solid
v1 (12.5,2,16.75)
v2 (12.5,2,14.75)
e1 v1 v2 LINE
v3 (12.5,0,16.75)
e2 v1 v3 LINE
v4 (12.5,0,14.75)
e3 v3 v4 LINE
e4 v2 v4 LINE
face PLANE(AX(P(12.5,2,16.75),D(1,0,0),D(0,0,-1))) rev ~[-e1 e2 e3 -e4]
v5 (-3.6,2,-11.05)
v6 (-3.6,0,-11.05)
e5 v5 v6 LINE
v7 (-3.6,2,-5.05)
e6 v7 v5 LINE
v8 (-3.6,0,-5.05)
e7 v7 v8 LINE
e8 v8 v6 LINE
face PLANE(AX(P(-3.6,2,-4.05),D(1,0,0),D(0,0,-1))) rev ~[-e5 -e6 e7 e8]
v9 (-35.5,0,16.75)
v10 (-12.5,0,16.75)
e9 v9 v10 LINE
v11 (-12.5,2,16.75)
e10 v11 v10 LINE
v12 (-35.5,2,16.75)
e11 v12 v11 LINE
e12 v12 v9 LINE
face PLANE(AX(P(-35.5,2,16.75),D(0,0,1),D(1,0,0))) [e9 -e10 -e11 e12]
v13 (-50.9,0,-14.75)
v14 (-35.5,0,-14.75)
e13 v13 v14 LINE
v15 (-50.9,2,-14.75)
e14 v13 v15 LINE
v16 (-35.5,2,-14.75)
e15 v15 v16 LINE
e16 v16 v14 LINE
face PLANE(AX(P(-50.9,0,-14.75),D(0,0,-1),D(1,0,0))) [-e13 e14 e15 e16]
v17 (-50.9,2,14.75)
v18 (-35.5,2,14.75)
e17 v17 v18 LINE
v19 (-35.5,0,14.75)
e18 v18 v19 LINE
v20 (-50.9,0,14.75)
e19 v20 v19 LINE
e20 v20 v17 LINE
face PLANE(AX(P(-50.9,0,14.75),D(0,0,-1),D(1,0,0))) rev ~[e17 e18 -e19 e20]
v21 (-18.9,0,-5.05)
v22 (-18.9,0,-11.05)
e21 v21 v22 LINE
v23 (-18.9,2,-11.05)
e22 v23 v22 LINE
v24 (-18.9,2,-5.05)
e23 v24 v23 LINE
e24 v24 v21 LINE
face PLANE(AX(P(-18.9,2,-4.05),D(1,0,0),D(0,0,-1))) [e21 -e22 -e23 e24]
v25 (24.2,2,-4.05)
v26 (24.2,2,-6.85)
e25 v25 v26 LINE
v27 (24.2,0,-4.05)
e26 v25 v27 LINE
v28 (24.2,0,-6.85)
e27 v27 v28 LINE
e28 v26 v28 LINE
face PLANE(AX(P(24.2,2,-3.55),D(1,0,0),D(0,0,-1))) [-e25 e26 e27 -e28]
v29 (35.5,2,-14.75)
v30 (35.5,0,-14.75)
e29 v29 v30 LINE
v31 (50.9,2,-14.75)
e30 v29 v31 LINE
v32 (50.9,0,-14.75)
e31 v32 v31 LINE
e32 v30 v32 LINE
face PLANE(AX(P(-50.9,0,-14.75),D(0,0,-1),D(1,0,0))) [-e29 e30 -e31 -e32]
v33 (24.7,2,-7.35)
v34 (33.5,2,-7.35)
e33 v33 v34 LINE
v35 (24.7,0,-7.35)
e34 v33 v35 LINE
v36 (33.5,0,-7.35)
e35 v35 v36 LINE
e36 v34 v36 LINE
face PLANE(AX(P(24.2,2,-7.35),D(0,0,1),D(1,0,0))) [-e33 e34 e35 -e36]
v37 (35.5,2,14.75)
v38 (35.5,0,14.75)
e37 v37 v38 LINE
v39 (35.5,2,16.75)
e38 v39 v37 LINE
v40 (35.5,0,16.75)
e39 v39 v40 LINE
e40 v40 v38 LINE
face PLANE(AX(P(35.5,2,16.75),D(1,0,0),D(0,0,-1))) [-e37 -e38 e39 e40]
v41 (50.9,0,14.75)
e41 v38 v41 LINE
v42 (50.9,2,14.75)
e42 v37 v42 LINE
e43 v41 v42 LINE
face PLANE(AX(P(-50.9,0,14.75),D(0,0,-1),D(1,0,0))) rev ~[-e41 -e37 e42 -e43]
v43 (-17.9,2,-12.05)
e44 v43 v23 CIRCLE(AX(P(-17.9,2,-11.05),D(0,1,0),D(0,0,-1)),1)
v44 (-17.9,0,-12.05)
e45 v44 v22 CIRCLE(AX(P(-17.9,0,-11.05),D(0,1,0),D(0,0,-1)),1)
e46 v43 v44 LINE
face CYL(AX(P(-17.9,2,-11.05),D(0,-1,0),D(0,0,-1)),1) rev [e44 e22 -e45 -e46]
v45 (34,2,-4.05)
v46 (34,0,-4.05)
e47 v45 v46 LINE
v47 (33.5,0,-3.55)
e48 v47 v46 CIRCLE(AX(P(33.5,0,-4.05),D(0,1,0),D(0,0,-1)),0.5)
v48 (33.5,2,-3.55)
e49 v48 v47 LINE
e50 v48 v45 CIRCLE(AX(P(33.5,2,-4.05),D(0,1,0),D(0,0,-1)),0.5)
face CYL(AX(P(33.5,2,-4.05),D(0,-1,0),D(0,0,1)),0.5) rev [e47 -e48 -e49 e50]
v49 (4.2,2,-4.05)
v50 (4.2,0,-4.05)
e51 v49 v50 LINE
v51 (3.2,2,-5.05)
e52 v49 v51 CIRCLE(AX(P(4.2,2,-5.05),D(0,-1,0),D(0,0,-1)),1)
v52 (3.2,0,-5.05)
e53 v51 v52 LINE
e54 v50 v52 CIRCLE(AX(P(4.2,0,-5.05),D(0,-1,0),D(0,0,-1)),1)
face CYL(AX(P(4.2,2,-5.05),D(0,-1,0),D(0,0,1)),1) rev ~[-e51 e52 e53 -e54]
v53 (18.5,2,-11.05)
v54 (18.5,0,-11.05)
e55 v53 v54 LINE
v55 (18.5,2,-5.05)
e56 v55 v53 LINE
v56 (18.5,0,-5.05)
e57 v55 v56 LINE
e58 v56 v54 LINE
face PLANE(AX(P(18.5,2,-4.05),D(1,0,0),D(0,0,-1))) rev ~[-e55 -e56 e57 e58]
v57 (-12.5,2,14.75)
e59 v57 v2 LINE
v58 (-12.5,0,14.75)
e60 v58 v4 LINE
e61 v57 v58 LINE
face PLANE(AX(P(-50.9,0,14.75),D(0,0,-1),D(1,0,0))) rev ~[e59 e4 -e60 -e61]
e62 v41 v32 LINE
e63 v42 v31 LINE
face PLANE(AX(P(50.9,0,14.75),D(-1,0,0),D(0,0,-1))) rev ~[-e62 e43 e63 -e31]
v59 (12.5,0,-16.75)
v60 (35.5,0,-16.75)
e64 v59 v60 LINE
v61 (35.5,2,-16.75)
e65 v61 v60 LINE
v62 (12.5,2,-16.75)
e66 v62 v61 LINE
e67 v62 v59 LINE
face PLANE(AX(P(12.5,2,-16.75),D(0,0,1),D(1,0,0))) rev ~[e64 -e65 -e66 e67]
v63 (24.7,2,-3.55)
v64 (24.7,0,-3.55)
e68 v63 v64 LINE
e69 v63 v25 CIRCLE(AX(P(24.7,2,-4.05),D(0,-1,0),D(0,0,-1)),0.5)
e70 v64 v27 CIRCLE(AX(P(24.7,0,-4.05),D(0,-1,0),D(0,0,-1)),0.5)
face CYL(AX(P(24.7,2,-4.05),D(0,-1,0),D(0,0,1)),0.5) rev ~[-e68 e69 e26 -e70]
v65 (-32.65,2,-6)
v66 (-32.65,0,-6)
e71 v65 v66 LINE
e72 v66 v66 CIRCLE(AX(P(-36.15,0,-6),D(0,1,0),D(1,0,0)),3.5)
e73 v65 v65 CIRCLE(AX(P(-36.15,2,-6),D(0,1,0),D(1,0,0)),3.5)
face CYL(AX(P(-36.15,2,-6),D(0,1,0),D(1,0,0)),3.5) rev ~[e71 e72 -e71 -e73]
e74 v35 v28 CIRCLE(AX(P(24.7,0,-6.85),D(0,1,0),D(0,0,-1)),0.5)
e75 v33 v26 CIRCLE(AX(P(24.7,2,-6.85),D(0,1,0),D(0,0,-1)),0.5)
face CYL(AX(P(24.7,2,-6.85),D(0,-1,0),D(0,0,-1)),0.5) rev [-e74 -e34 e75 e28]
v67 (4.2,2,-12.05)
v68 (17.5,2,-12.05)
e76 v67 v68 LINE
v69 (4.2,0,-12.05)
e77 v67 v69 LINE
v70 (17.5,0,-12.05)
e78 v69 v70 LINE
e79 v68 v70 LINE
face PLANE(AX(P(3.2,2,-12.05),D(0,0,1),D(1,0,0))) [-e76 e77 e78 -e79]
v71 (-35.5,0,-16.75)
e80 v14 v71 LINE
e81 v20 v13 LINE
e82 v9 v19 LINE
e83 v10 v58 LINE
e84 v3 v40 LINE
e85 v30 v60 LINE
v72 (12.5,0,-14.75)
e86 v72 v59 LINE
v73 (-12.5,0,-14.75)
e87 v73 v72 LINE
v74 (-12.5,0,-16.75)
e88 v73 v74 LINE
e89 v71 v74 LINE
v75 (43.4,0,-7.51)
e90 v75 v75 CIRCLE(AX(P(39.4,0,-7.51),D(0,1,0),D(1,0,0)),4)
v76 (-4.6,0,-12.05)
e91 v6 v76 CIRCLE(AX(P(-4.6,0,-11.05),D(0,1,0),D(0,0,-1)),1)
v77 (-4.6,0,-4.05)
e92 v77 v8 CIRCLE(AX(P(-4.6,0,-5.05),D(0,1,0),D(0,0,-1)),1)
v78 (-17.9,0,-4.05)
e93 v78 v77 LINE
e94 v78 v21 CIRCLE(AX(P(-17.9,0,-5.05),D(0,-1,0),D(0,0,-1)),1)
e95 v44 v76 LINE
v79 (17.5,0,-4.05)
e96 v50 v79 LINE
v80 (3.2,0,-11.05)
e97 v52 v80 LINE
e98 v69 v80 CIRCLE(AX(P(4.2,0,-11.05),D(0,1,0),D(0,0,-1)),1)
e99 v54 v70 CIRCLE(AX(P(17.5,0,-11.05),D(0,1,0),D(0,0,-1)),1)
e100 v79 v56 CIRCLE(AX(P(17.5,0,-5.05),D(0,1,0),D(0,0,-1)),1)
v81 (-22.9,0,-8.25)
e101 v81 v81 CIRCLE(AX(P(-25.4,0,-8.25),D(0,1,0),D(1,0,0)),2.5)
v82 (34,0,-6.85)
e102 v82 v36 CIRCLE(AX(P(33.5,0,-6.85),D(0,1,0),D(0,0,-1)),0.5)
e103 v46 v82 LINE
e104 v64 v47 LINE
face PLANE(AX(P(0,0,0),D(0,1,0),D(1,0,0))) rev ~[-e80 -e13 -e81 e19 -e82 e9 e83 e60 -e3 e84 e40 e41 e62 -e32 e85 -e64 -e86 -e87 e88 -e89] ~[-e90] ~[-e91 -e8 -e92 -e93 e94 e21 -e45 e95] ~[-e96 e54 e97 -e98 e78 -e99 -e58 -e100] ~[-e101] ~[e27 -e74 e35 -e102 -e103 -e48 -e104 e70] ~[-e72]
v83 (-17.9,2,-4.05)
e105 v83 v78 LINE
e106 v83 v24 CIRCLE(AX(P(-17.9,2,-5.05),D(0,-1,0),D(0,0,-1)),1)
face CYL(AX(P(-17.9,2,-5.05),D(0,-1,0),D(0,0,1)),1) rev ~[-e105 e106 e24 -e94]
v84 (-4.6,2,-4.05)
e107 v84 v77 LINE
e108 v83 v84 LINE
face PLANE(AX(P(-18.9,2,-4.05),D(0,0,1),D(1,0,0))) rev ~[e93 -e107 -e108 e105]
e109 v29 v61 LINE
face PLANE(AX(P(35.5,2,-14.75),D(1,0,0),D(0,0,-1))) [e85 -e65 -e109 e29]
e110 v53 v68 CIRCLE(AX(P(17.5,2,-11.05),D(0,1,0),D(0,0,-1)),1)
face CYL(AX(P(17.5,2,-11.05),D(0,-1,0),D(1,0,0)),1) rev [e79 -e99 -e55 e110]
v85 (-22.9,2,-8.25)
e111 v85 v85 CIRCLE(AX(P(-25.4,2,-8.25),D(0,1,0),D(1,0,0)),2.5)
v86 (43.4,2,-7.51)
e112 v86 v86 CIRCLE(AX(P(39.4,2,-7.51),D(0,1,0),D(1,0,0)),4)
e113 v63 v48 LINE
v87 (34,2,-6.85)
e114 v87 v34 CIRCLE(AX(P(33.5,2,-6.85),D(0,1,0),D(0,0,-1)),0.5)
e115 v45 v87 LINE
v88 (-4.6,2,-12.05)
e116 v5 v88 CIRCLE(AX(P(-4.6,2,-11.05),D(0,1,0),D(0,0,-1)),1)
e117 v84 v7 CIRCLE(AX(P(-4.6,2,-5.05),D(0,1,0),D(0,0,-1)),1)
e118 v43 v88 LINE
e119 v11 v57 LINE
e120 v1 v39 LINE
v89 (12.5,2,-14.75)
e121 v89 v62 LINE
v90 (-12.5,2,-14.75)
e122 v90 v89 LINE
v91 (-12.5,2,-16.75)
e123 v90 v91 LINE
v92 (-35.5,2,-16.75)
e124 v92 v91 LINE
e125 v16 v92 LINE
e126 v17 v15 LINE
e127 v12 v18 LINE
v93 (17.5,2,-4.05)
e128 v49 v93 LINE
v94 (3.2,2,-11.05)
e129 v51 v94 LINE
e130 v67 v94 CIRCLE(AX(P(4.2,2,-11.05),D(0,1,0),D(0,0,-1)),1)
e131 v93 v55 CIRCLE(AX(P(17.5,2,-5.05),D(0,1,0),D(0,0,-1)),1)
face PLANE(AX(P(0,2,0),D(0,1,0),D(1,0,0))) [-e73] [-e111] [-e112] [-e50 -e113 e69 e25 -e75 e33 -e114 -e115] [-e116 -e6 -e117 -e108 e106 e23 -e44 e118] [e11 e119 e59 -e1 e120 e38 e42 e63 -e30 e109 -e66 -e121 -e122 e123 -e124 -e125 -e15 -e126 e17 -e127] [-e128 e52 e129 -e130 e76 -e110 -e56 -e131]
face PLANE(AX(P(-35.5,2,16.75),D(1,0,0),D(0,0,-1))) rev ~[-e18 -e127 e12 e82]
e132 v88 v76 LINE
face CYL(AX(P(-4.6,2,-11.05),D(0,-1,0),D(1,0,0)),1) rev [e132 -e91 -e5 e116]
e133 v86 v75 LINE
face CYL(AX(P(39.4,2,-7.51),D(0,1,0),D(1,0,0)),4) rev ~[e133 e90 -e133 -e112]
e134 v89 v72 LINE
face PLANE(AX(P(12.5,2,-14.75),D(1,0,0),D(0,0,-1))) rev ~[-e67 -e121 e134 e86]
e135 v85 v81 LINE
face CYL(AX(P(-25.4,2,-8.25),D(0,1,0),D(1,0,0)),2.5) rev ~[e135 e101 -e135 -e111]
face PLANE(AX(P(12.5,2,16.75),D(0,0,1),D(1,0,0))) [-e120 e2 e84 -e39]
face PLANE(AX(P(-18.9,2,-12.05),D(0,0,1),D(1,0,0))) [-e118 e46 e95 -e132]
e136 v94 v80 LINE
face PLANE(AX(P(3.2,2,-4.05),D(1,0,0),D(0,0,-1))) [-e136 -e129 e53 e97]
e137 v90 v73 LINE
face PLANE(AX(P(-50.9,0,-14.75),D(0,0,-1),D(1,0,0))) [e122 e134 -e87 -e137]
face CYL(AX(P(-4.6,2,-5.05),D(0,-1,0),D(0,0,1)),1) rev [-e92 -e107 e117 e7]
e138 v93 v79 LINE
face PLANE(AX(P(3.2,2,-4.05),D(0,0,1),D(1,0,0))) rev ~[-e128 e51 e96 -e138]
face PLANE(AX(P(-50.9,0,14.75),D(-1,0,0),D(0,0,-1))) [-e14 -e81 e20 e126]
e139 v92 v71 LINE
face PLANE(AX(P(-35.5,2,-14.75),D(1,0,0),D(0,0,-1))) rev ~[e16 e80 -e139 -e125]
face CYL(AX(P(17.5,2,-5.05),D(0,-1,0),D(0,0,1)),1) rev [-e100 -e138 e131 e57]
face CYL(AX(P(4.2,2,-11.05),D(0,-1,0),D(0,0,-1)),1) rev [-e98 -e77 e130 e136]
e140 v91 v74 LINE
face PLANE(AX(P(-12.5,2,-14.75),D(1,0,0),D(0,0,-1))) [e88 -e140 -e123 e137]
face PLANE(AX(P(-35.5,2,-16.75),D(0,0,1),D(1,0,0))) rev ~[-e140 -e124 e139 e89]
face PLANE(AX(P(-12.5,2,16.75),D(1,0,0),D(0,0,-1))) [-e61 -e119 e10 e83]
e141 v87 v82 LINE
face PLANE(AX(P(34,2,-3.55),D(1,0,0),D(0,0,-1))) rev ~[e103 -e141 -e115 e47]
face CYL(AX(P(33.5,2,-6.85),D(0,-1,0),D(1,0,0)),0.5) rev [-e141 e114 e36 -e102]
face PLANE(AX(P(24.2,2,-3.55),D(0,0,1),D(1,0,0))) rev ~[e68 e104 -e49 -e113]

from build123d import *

# Parameters (mm, degrees)
SKETCH_1_W                     = 101.8
SKETCH_1_H                     = 29.5
EXTRUDE_1_DEPTH                = 2
SKETCH_2_W                     = 23
SKETCH_2_H                     = 2
EXTRUDE_2_DEPTH                = 2
SKETCH_3_R                     = 4
CUT_EXTRUDE_1_DEPTH            = 3
SKETCH_4_R                     = 3.5
CUT_EXTRUDE_2_DEPTH            = 3
SKETCH_5_R                     = 2.5
CUT_EXTRUDE_3_DEPTH            = 3
SKETCH_6_W                     = 15.3
SKETCH_6_H                     = 8
CUT_EXTRUDE_4_DEPTH            = 3
FILLET_1_R                     = 1
PATTERN_LINEAR_1_COUNT         = 2
PATTERN_LINEAR_1_PITCH         = 22.1
FILLET_1_OF_PATTERN_LINEAR_1_R = 1
SKETCH_7_W                     = 9.8
SKETCH_7_H                     = 3.8
CUT_EXTRUDE_5_DEPTH            = 3
FILLET_2_R                     = 0.5


with BuildPart() as part:
    # 草图1 → 凸台-拉伸1 (new body)
    with BuildSketch(Plane(origin=(0, 0, 0), x_dir=(1, 0, 0), z_dir=(0, 1, 0))):
        Rectangle(SKETCH_1_W, SKETCH_1_H)
    extrude(amount=EXTRUDE_1_DEPTH)

    # 草图2 → 凸台-拉伸2 (add)
    with BuildSketch(Plane(origin=(0, 2, 0), x_dir=(1, 0, 0), z_dir=(0, 1, 0))):
        with Locations((-24, 15.75)):
            Rectangle(SKETCH_2_W, SKETCH_2_H)
        with Locations((24, 15.75)):
            Rectangle(SKETCH_2_W, SKETCH_2_H)
        with Locations((24, -15.75)):
            Rectangle(SKETCH_2_W, SKETCH_2_H)
        with Locations((-24, -15.75)):
            Rectangle(SKETCH_2_W, SKETCH_2_H)
    extrude(amount=-EXTRUDE_2_DEPTH)

    # 草图3 → 切除-拉伸1 (cut, through all)
    with BuildSketch(Plane(origin=(0, 2, 0), x_dir=(1, 0, 0), z_dir=(0, 1, 0))):
        with Locations((39.4, 7.51)):
            Circle(SKETCH_3_R)
    extrude(amount=-CUT_EXTRUDE_1_DEPTH, mode=Mode.SUBTRACT)

    # 草图4 → 切除-拉伸2 (cut, through all)
    with BuildSketch(Plane(origin=(0, 2, 0), x_dir=(1, 0, 0), z_dir=(0, 1, 0))):
        with Locations((-36.15, 6)):
            Circle(SKETCH_4_R)
    extrude(amount=-CUT_EXTRUDE_2_DEPTH, mode=Mode.SUBTRACT)

    # 草图5 → 切除-拉伸3 (cut, through all)
    with BuildSketch(Plane(origin=(0, 2, 0), x_dir=(1, 0, 0), z_dir=(0, 1, 0))):
        with Locations((-25.4, 8.25)):
            Circle(SKETCH_5_R)
    extrude(amount=-CUT_EXTRUDE_3_DEPTH, mode=Mode.SUBTRACT)

    # 草图6 → 切除-拉伸4 (cut, through all)
    with BuildSketch(Plane(origin=(0, 2, 0), x_dir=(1, 0, 0), z_dir=(0, 1, 0))):
        with Locations((-11.25, 8.05)):
            Rectangle(SKETCH_6_W, SKETCH_6_H)
    cut_extrude_4 = extrude(amount=-CUT_EXTRUDE_4_DEPTH, mode=Mode.SUBTRACT)

    # 圆角1
    fillet_1_edges = [part.edges().sort_by_distance(p)[0] for p in [
        (-18.9, 1, -4.05),
        (-18.9, 1, -12.05),
        (-3.6, 1, -12.05),
        (-3.6, 1, -4.05),
    ]]
    fillet(fillet_1_edges, radius=FILLET_1_R)

    # 阵列(线性)1: 切除-拉伸4 ×2
    with Locations(*[(i * PATTERN_LINEAR_1_PITCH, 0, 0) for i in range(1, PATTERN_LINEAR_1_COUNT)]):
        add(cut_extrude_4, mode=Mode.SUBTRACT)

    # 圆角1 of 阵列(线性)1
    fillet_1_of_pattern_linear_1_edges = [part.edges().sort_by_distance(p)[0] for p in [
        (3.2, 1, -4.05),
        (3.2, 1, -12.05),
        (18.5, 1, -12.05),
        (18.5, 1, -4.05),
    ]]
    fillet(fillet_1_of_pattern_linear_1_edges, radius=FILLET_1_OF_PATTERN_LINEAR_1_R)

    # 草图7 → 切除-拉伸5 (cut, through all)
    with BuildSketch(Plane(origin=(0, 2, 0), x_dir=(1, 0, 0), z_dir=(0, 1, 0))):
        with Locations((29.1, 5.45)):
            Rectangle(SKETCH_7_W, SKETCH_7_H)
    extrude(amount=-CUT_EXTRUDE_5_DEPTH, mode=Mode.SUBTRACT)

    # 圆角2
    fillet_2_edges = [part.edges().sort_by_distance(p)[0] for p in [
        (24.2, 1, -3.55),
        (24.2, 1, -7.35),
        (34, 1, -7.35),
        (34, 1, -3.55),
    ]]
    fillet(fillet_2_edges, radius=FILLET_2_R)


solid = part.part
